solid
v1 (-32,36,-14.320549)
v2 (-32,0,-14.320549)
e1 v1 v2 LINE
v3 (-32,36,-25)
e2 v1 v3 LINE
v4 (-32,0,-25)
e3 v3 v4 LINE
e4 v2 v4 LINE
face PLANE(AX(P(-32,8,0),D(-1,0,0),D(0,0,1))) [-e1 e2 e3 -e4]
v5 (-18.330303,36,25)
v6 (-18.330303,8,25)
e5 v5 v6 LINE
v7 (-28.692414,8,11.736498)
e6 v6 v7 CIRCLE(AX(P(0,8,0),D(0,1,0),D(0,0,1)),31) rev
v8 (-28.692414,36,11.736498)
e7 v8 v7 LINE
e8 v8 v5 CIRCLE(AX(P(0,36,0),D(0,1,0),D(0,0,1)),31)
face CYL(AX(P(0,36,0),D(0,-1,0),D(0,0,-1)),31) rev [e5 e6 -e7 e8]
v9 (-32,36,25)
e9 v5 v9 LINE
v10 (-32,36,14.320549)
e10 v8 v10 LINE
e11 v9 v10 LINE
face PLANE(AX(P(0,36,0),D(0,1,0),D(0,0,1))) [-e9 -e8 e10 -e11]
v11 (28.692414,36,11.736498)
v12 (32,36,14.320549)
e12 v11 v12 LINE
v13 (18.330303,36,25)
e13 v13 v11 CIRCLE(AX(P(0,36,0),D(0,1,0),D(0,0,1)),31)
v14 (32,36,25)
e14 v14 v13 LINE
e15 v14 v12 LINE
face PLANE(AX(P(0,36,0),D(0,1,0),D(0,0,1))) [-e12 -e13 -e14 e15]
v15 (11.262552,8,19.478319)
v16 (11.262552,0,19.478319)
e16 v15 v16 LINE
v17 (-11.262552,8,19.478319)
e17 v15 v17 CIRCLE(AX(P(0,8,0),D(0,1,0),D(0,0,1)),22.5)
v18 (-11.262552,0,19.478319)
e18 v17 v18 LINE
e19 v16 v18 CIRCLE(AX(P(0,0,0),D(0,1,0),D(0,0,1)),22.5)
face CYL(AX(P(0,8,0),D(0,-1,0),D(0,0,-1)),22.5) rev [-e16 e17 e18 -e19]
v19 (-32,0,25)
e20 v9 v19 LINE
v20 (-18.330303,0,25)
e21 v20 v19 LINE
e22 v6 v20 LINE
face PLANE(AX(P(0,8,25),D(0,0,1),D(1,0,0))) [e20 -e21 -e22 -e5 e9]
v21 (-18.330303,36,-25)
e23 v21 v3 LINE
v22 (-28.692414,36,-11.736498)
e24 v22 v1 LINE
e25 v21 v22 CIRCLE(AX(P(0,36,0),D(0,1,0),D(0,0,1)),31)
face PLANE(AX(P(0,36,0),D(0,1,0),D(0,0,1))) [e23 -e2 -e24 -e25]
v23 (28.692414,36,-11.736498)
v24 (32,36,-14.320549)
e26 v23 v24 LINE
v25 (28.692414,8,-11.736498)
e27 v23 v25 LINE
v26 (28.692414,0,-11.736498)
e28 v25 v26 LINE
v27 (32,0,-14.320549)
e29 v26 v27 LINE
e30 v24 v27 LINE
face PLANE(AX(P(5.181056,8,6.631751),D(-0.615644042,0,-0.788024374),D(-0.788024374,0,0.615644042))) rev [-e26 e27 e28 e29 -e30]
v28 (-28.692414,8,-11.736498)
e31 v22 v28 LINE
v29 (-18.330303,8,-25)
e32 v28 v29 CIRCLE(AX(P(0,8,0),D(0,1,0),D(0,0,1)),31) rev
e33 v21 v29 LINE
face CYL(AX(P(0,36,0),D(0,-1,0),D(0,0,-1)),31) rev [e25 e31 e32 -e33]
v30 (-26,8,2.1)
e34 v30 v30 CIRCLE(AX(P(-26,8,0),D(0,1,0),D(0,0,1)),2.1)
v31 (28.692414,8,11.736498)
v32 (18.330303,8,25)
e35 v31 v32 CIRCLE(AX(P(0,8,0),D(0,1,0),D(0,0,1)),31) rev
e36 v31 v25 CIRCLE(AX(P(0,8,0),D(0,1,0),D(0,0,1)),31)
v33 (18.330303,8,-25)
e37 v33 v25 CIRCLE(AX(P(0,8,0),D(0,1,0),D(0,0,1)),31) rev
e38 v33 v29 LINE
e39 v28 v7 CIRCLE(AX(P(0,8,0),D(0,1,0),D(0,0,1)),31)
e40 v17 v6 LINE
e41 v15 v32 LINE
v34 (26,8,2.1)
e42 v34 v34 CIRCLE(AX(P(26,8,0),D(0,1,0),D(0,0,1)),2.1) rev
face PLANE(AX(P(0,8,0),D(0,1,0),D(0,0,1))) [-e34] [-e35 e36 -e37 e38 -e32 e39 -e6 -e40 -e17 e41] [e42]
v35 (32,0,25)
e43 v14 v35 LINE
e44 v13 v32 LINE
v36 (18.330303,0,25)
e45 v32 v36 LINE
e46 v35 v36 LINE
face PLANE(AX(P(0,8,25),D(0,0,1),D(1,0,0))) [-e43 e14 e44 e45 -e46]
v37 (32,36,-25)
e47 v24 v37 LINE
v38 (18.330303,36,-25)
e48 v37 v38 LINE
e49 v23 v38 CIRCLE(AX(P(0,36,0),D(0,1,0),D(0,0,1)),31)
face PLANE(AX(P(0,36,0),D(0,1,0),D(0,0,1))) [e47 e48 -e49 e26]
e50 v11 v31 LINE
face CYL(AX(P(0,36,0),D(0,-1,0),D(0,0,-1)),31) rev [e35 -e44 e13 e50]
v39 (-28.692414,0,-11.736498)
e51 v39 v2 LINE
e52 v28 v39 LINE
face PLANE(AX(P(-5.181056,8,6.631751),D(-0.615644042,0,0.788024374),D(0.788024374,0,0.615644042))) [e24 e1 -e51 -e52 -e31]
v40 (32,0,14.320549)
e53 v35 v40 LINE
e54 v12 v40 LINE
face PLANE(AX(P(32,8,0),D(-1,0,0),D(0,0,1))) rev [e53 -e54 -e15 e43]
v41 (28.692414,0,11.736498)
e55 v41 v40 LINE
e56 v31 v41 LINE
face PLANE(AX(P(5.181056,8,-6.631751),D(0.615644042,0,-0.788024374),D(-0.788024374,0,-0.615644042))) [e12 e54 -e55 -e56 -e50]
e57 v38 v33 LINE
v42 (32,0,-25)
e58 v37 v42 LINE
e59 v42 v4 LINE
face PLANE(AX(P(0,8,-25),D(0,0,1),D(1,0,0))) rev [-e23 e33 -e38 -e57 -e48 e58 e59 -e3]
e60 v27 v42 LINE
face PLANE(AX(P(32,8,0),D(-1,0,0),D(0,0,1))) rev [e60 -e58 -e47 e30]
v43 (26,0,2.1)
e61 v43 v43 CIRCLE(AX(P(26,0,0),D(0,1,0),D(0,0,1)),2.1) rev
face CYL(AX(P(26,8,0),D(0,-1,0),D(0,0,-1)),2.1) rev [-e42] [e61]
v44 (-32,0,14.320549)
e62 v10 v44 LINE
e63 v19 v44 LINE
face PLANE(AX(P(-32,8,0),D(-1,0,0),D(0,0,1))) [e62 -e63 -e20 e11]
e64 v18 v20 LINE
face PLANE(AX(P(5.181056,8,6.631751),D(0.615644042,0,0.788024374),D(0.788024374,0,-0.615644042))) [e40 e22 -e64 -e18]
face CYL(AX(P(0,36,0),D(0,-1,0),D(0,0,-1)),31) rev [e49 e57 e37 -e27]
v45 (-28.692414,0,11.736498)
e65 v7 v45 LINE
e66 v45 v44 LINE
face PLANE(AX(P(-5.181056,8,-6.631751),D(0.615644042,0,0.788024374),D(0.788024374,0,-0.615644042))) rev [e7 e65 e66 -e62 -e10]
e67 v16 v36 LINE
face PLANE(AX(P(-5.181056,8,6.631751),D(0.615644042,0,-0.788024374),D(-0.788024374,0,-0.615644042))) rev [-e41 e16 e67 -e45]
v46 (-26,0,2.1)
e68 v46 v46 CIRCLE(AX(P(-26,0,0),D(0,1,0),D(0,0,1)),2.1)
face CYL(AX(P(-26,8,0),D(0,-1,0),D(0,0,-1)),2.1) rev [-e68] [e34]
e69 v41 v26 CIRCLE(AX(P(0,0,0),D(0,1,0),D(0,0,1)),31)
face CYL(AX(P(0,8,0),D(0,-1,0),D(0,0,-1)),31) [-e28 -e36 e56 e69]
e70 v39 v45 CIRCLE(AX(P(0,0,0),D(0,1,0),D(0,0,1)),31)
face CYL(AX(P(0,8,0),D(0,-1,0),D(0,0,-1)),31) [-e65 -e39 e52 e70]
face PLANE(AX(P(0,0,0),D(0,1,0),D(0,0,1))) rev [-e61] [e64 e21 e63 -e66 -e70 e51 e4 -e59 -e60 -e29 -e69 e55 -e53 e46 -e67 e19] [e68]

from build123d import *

# Parameters (mm, degrees)
SKETCH1_R           = 2.1
BOSS_EXTRUDE1_DEPTH = 8
BOSS_EXTRUDE2_DEPTH = 36


with BuildPart() as part:
    # Sketch1 → Boss-Extrude1 (new body)
    with BuildSketch(Plane(origin=(0, 0, 0), x_dir=(1, 0, 0), z_dir=(0, 1, 0))):
        with BuildLine():
            Line((18.33030278, -25), (32, -25))
            Line((32, -25), (32, -14.320549047))
            Line((32, -14.320549047), (28.692414075, -11.736497543))
            ThreePointArc((28.692414075, -11.736497543), (31, 0), (28.692414075, 11.736497543))
            Line((28.692414075, 11.736497543), (32, 14.320549047))
            Line((32, 14.320549047), (32, 25))
            Line((32, 25), (-32, 25))
            Line((-32, 25), (-32, 14.320549047))
            Line((-32, 14.320549047), (-28.692414075, 11.736497543))
            ThreePointArc((-28.692414075, 11.736497543), (-31, 0), (-28.692414075, -11.736497543))
            Line((-28.692414075, -11.736497543), (-32, -14.320549047))
            Line((-32, -14.320549047), (-32, -25))
            Line((-32, -25), (-18.33030278, -25))
            Line((-18.33030278, -25), (-11.262551698, -19.478319467))
            ThreePointArc((-11.262551698, -19.478319467), (0, 22.5), (11.262551698, -19.478319467))
            Line((11.262551698, -19.478319467), (18.33030278, -25))
        make_face()
        with Locations(Location((26, 0, 0), (0, 0, 270))):
            Circle(SKETCH1_R, mode=Mode.SUBTRACT)
        with Locations(Location((-26, 0, 0), (0, 0, 270))):
            Circle(SKETCH1_R, mode=Mode.SUBTRACT)
    extrude(amount=BOSS_EXTRUDE1_DEPTH)

    # Sketch1<4> → Boss-Extrude2 (add)
    with BuildSketch(Plane(origin=(0, 0, 0), x_dir=(1, 0, 0), z_dir=(0, 1, 0))):
        with BuildLine():
            Line((28.692414075, 11.736497543), (32, 14.320549047))
            Line((32, 14.320549047), (32, 25))
            Line((32, 25), (18.33030278, 25))
            ThreePointArc((18.33030278, 25), (24.428755585, 19.084965301), (28.692414075, 11.736497543))
        make_face()
        with BuildLine():
            Line((-32, 25), (-32, 14.320549047))
            Line((-32, 14.320549047), (-28.692414075, 11.736497543))
            ThreePointArc((-28.692414075, 11.736497543), (-24.428755585, 19.084965301), (-18.33030278, 25))
            Line((-18.33030278, 25), (-32, 25))
        make_face()
        with BuildLine():
            Line((-32, -14.320549047), (-32, -25))
            Line((-32, -25), (-24.428755585, -19.084965301))
            ThreePointArc((-24.428755585, -19.084965301), (-26.813516388, -15.557484979), (-28.692414075, -11.736497543))
            Line((-28.692414075, -11.736497543), (-32, -14.320549047))
        make_face()
        with BuildLine():
            Line((-32, -25), (-18.33030278, -25))
            ThreePointArc((-18.33030278, -25), (-21.583122502, -22.252389154), (-24.428755585, -19.084965301))
            Line((-24.428755585, -19.084965301), (-32, -25))
        make_face()
        with BuildLine():
            Line((18.33030278, -25), (32, -25))
            Line((32, -25), (32, -14.320549047))
            Line((32, -14.320549047), (28.692414075, -11.736497543))
            ThreePointArc((28.692414075, -11.736497543), (24.428755585, -19.084965301), (18.33030278, -25))
        make_face()
    extrude(amount=BOSS_EXTRUDE2_DEPTH)


solid = part.part
